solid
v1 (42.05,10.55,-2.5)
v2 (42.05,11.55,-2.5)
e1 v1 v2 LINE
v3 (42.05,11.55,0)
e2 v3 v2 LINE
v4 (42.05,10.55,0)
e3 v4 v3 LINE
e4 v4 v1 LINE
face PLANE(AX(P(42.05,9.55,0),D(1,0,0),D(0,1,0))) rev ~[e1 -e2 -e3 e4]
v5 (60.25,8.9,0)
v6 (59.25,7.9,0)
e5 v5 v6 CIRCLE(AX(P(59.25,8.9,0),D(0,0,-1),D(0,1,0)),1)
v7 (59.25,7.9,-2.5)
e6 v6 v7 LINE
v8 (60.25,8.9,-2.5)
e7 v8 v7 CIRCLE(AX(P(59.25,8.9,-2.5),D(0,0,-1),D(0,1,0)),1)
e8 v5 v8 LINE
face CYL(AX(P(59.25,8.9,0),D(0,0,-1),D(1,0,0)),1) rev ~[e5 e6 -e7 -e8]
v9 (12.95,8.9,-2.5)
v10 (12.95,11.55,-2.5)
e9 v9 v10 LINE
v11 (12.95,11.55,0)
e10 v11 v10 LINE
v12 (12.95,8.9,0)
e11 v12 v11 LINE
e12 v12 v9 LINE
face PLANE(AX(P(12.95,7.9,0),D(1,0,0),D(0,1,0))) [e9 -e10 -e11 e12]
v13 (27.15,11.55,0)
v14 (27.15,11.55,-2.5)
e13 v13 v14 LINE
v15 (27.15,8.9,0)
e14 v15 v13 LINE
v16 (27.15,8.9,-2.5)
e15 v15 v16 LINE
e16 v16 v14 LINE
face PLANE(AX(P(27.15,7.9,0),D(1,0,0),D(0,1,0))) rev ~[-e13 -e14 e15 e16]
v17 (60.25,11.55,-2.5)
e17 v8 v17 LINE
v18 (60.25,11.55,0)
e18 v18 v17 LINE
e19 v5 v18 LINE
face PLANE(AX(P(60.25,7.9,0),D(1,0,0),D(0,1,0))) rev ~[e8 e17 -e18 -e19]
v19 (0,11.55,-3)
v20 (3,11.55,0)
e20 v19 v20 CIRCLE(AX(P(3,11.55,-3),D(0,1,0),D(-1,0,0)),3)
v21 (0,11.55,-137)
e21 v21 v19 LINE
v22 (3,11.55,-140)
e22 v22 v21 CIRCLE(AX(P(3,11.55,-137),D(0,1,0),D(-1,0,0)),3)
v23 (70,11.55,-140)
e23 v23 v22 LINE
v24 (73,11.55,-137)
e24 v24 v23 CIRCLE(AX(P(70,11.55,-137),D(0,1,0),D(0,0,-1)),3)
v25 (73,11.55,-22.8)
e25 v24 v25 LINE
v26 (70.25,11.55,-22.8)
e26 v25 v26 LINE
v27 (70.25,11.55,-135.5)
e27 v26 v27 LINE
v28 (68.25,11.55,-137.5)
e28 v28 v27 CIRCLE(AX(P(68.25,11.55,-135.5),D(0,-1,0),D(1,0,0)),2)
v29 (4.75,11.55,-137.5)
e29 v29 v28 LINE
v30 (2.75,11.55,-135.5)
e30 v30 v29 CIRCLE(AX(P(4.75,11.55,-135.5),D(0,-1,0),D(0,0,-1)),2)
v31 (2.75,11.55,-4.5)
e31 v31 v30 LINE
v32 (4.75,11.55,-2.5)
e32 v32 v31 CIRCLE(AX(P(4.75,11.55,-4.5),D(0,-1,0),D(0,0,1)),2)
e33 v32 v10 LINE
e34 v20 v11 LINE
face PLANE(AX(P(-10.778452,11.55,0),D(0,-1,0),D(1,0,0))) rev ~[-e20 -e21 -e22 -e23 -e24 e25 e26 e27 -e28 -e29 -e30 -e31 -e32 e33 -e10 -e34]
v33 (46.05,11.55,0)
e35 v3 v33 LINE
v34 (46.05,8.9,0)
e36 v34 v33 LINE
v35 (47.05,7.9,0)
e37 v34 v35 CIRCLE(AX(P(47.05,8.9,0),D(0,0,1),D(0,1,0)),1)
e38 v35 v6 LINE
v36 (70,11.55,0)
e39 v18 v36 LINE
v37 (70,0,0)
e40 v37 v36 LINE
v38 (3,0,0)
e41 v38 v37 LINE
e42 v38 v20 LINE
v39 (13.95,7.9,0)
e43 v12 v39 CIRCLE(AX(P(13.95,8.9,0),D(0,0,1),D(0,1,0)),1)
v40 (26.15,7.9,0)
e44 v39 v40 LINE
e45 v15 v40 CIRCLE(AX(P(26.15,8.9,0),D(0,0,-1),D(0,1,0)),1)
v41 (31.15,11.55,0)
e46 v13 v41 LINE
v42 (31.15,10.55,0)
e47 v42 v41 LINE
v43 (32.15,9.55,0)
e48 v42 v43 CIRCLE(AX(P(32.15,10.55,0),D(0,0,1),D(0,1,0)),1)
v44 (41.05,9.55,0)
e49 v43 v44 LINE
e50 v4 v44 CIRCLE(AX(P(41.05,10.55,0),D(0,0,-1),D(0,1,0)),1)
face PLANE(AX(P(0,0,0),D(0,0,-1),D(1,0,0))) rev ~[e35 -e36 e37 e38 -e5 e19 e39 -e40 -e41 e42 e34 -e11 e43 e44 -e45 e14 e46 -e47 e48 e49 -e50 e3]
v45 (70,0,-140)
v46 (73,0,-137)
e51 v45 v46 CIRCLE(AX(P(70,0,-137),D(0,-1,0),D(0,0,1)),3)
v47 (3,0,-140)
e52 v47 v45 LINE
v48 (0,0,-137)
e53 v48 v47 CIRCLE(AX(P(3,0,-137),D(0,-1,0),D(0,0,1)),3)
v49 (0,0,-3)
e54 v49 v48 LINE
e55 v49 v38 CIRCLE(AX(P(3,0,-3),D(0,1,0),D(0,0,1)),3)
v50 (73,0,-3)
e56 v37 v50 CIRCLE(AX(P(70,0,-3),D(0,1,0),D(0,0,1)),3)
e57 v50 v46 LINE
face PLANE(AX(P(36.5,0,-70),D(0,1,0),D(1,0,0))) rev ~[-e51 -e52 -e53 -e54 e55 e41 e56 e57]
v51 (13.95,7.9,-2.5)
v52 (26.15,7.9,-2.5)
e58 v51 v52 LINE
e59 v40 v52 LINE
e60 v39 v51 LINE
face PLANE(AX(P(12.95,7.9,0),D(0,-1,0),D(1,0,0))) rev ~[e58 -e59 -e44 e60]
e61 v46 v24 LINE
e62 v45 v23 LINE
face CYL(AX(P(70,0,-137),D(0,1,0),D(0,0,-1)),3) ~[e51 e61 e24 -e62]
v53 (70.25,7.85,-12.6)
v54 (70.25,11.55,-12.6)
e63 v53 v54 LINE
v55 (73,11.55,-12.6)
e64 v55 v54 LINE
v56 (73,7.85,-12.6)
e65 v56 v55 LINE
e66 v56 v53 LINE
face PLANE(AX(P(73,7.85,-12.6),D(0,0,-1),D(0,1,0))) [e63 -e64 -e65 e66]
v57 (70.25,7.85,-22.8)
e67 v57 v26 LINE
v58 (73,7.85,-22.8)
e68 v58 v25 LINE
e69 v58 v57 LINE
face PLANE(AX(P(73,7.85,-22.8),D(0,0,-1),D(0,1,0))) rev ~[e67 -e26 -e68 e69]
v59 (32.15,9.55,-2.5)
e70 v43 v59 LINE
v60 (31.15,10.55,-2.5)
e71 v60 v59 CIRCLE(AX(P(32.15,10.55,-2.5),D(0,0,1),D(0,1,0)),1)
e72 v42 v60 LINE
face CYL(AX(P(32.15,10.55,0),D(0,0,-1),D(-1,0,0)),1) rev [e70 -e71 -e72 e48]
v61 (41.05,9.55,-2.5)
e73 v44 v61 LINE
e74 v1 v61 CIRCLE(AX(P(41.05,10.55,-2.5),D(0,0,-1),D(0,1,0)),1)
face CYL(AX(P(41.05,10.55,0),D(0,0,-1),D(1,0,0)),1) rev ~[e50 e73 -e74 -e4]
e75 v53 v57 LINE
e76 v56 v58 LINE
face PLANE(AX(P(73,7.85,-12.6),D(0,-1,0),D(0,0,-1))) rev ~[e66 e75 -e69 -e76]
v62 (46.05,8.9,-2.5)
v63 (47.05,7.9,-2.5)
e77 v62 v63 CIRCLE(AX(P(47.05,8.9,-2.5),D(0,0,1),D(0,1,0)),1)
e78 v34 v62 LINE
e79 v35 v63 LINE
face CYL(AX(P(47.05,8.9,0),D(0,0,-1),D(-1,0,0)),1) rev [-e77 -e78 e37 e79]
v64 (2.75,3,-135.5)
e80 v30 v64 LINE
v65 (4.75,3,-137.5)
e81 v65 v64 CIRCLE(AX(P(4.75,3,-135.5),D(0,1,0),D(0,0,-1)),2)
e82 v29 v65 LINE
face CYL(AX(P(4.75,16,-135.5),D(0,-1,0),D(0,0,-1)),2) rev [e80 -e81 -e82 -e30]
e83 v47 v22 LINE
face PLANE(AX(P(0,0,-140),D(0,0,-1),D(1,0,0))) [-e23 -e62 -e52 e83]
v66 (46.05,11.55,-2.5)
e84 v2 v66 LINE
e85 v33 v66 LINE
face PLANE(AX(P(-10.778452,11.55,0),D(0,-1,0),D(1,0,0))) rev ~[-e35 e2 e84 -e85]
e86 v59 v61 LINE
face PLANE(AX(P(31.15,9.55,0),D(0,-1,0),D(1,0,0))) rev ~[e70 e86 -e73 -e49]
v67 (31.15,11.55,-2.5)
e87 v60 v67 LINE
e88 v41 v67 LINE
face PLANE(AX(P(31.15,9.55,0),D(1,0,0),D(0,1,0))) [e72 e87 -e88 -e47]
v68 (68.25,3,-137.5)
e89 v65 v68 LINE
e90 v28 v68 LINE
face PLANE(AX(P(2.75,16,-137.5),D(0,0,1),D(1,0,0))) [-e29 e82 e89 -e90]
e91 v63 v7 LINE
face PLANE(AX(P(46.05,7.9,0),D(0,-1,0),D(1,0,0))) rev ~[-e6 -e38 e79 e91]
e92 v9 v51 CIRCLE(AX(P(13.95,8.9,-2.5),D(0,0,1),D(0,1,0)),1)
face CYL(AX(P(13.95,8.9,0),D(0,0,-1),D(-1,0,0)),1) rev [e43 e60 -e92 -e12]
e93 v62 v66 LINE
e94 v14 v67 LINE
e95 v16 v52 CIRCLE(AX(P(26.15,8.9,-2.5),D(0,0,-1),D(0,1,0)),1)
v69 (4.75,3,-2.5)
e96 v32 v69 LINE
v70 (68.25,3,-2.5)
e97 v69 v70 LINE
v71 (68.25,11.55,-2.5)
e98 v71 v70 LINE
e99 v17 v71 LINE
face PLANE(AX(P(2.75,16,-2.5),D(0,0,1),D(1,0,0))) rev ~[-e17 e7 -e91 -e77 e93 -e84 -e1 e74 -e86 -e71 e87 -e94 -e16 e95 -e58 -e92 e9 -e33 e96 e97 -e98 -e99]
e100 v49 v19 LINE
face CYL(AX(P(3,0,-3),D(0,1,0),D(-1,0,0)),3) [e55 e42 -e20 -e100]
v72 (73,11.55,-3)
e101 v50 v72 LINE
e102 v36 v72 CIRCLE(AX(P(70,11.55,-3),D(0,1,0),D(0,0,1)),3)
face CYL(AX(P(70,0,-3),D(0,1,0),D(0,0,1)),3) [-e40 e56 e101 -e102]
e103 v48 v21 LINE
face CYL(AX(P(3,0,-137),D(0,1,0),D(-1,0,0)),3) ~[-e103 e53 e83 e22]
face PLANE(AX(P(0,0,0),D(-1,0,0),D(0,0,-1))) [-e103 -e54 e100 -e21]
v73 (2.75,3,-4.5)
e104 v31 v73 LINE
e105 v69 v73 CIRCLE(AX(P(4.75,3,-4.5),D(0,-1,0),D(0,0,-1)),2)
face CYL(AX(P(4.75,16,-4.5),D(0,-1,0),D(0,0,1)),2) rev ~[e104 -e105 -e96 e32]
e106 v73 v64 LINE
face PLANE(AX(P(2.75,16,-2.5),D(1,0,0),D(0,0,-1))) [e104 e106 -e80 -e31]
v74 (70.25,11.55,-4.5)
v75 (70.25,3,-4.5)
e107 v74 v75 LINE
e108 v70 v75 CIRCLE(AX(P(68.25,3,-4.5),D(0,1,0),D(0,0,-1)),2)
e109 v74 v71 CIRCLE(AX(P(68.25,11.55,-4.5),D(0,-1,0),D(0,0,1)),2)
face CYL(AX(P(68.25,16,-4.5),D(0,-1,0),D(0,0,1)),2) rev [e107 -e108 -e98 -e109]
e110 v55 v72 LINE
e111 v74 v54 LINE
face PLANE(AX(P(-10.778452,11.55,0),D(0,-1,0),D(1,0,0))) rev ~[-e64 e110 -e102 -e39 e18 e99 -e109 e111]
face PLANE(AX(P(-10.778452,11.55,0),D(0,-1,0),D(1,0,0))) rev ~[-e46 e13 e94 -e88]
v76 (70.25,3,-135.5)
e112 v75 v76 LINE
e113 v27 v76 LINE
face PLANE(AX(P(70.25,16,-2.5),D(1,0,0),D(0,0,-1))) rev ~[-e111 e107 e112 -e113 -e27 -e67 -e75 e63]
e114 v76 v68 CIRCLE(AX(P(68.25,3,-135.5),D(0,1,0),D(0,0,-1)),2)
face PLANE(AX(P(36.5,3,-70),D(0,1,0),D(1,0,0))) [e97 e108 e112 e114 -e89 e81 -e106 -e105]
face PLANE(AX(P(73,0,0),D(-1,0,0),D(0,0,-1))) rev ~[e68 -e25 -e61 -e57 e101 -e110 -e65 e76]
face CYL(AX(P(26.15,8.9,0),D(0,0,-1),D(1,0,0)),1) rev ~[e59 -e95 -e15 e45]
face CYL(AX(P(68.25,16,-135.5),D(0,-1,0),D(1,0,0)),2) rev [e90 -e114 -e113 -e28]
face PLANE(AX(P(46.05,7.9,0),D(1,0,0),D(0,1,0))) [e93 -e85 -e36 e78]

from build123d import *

# Parameters (mm, degrees)
SKETCH1_W           = 73
SKETCH1_H           = 140
BOSS_EXTRUDE1_DEPTH = 16
SKETCH2_W           = 67.5
SKETCH2_H           = 135
CUT_EXTRUDE1_DEPTH  = 13
SKETCH3_W           = 14.2
SKETCH3_H           = 6.45
SKETCH3_W_2         = 10.9
SKETCH3_H_2         = 4.8
CUT_EXTRUDE2_DEPTH  = 2.5
FILLET1_R           = 3
SKETCH4_W           = 10.2
SKETCH4_H           = 5.5
CUT_EXTRUDE3_DEPTH  = 2.75
FILLET2_R           = 1
FILLET3_R           = 1
FILLET4_R           = 2
CHAMFER1_SIZE       = 1
SKETCH6_W           = 92.196914974
SKETCH6_H           = 18.56524909
CUT_EXTRUDE4_DEPTH  = 159.697826072


with BuildPart() as part:
    # Sketch1 → Boss-Extrude1 (new body)
    with BuildSketch(Plane(origin=(0, 0, 0), x_dir=(1, 0, 0), z_dir=(0, 1, 0))):
        with Locations((36.5, 70)):
            Rectangle(SKETCH1_W, SKETCH1_H)
    extrude(amount=BOSS_EXTRUDE1_DEPTH)

    # Sketch2 → Cut-Extrude1 (cut)
    with BuildSketch(Plane(origin=(0, 16, 0), x_dir=(1, 0, 0), z_dir=(0, 1, 0))):
        with Locations((36.5, 70)):
            Rectangle(SKETCH2_W, SKETCH2_H)
    extrude(amount=-CUT_EXTRUDE1_DEPTH, mode=Mode.SUBTRACT)

    # Sketch3 → Cut-Extrude2 (cut)
    with BuildSketch(Plane.XY):
        with Locations((20.05, 11.125)):
            Rectangle(SKETCH3_W, SKETCH3_H)
        with Locations((36.6, 11.95)):
            Rectangle(SKETCH3_W_2, SKETCH3_H_2)
        with Locations((53.15, 11.125)):
            Rectangle(SKETCH3_W, SKETCH3_H)
    extrude(amount=-CUT_EXTRUDE2_DEPTH, mode=Mode.SUBTRACT)

    # Fillet1
    fillet1_edges = [part.edges().sort_by_distance(p)[0] for p in [
        (0, 8, -140),
        (73, 8, -140),
        (73, 8, 0),
        (0, 8, 0),
    ]]
    fillet(fillet1_edges, radius=FILLET1_R)

    # Sketch4 → Cut-Extrude3 (cut)
    with BuildSketch(Plane(origin=(73, 0, 0), x_dir=(0, 0, -1), z_dir=(1, 0, 0))):
        with Locations((17.7, 10.6)):
            Rectangle(SKETCH4_W, SKETCH4_H)
    extrude(amount=-CUT_EXTRUDE3_DEPTH, mode=Mode.SUBTRACT)

    # Fillet2
    fillet2_edges = [part.edges().sort_by_distance(p)[0] for p in [
        (27.15, 14.35, -1.25),
        (27.15, 7.9, -1.25),
        (12.95, 7.9, -1.25),
        (12.95, 14.35, -1.25),
        (31.15, 9.55, -1.25),
        (31.15, 14.35, -1.25),
        (42.05, 14.35, -1.25),
        (42.05, 9.55, -1.25),
        (60.25, 7.9, -1.25),
        (46.05, 7.9, -1.25),
        (46.05, 14.35, -1.25),
        (60.25, 14.35, -1.25),
    ]]
    fillet(fillet2_edges, radius=FILLET2_R)

    # Fillet3
    fillet3_edges = [part.edges().sort_by_distance(p)[0] for p in [
        (0, 16, -70),
        (36.5, 16, -140),
        (36.5, 16, 0),
        (73, 16, -70),
        (0.878679656, 16, -0.878679656),
        (72.121320344, 16, -0.878679656),
        (72.121320344, 16, -139.121320344),
        (0.878679656, 16, -139.121320344),
    ]]
    fillet(fillet3_edges, radius=FILLET3_R)

    # Fillet4
    fillet4_edges = [part.edges().sort_by_distance(p)[0] for p in [
        (2.75, 9.5, -2.5),
        (2.75, 9.5, -137.5),
        (70.25, 9.5, -137.5),
        (70.25, 9.5, -2.5),
    ]]
    fillet(fillet4_edges, radius=FILLET4_R)

    # Chamfer1
    chamfer1_edges = [part.edges().sort_by_distance(p)[0] for p in [
        (70.25, 16, -70),
        (36.5, 16, -2.5),
        (36.5, 16, -137.5),
        (2.75, 16, -70),
        (69.664213562, 16, -3.085786438),
        (69.664213562, 16, -136.914213562),
        (3.335786438, 16, -136.914213562),
        (3.335786438, 16, -3.085786438),
    ]]
    chamfer(chamfer1_edges, length=CHAMFER1_SIZE)

    # Sketch6 → Cut-Extrude4 (cut, through all)
    with BuildSketch(Plane.XY):
        with Locations((35.320005354, 20.832624545)):
            Rectangle(SKETCH6_W, SKETCH6_H)
    extrude(amount=-CUT_EXTRUDE4_DEPTH, mode=Mode.SUBTRACT)


solid = part.part
